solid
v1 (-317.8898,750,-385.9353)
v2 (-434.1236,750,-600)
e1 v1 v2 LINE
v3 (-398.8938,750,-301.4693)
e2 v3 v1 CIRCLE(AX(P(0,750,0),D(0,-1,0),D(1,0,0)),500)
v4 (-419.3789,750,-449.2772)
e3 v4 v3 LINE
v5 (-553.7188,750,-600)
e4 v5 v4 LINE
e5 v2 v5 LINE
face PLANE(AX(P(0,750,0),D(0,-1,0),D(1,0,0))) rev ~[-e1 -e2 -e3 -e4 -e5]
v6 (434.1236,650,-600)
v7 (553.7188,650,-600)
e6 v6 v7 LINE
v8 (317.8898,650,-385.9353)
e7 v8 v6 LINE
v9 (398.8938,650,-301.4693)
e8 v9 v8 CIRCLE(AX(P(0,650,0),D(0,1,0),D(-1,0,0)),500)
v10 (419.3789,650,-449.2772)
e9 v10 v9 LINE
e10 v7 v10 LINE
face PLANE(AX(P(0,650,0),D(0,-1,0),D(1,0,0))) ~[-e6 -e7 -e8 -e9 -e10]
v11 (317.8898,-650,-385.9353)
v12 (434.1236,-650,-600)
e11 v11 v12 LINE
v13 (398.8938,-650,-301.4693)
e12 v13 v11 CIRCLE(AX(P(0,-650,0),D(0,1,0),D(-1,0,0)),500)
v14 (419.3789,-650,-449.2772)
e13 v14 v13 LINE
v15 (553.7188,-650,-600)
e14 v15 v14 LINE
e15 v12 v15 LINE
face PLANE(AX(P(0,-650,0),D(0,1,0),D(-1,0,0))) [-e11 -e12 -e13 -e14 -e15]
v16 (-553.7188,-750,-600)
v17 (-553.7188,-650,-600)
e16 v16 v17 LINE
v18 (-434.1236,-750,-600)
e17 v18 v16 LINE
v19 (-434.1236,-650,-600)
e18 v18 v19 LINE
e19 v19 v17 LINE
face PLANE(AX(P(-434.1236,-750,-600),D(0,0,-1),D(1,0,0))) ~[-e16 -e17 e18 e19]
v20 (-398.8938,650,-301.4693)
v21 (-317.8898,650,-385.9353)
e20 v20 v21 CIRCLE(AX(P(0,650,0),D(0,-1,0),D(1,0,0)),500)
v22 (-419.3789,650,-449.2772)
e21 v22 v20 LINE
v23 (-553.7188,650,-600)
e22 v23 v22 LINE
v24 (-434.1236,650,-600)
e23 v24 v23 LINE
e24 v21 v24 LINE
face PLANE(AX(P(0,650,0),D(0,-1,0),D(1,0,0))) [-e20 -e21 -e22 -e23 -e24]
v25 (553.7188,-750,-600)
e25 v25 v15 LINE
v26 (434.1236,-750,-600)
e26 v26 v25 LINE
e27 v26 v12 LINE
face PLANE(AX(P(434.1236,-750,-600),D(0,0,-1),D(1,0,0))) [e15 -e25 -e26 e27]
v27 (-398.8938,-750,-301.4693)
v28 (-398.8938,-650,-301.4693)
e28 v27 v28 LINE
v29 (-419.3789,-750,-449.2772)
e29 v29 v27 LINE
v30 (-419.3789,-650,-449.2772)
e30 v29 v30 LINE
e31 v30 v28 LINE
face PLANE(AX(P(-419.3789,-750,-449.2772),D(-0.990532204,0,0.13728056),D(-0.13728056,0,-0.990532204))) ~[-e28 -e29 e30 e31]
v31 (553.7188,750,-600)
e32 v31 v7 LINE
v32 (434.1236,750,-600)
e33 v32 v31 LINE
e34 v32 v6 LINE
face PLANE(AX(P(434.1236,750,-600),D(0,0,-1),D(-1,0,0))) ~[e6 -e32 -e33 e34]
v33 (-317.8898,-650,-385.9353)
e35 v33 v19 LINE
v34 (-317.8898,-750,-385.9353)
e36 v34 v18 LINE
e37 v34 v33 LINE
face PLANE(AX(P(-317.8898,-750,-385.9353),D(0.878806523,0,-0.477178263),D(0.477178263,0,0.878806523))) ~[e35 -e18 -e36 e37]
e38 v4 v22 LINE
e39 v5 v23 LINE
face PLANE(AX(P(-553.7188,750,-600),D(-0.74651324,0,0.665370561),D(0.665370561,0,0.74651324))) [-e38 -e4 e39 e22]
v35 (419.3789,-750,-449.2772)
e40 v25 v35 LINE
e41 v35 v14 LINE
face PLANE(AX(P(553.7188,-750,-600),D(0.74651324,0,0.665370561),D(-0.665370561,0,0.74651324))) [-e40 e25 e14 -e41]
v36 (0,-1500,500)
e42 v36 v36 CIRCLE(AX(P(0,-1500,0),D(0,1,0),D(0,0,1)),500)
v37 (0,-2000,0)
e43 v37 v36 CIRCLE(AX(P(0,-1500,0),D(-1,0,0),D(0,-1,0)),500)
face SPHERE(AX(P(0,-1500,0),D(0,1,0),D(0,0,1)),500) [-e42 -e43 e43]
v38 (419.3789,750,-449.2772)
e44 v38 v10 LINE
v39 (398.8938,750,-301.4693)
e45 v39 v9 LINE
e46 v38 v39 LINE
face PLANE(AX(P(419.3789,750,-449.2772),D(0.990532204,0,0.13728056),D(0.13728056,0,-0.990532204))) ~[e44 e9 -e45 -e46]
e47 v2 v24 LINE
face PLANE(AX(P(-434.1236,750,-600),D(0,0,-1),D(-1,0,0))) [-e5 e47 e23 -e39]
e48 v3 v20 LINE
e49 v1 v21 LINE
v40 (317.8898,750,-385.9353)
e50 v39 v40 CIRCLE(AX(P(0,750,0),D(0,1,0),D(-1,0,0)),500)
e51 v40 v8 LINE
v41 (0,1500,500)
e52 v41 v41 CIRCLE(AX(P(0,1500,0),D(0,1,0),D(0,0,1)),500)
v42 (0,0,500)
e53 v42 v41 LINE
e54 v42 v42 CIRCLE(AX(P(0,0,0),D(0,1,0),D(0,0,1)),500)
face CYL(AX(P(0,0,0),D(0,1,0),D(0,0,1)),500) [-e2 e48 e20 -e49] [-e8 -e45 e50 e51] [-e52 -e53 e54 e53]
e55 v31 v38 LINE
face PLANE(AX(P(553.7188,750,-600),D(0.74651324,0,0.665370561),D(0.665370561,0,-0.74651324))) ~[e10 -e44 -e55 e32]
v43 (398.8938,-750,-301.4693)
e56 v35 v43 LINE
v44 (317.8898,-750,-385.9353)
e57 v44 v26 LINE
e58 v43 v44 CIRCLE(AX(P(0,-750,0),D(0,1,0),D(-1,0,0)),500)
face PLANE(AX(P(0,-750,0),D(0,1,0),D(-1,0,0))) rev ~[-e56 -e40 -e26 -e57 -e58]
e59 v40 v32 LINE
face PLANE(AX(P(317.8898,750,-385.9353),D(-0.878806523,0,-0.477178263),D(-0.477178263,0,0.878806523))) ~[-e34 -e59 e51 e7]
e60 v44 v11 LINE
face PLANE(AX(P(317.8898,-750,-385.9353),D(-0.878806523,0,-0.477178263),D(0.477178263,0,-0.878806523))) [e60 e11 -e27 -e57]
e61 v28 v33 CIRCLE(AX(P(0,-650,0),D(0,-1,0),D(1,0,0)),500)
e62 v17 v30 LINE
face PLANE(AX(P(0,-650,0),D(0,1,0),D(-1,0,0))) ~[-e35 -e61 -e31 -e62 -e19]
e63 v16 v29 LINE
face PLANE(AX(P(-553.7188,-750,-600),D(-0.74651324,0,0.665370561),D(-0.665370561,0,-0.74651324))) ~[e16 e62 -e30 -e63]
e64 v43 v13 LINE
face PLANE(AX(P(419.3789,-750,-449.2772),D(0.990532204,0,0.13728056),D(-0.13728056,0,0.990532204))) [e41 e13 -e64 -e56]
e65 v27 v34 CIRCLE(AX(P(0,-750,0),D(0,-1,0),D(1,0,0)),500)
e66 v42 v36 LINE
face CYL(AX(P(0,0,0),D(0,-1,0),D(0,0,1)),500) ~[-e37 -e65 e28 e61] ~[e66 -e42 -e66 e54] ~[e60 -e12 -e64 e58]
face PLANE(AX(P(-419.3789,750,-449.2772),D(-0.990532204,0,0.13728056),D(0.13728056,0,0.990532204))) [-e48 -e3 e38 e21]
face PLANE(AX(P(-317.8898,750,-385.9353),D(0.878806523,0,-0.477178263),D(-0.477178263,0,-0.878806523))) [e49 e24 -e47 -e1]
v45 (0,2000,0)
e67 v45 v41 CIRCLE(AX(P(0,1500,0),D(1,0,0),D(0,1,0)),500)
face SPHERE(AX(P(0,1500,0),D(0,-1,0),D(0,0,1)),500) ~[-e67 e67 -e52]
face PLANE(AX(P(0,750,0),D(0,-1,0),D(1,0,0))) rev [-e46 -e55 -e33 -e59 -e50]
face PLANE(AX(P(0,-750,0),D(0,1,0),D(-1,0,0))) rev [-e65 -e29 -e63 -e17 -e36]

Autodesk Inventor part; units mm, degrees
ref_plane "YZ Plane" through (0, 0, 0) normal (1, 0, 0) x (0, 1, 0)
ref_plane "XY Plane" through (0, 0, 0) normal (0, 0, 1) x (1, 0, 0)
sketch "Skizze3" plane through (0, 0, 0) normal (1, 0, 0) x (0, 1, 0)
  line L0 (0, 0) -> (2000, 0) construction
  line L1 (0, 0) -> (0, 500)
  line L2 (0, 500) -> (1500, 500)
  line L3 (-420.7107, 0) -> (2524.2641, 0) projected
  line L4 (0, -120.7107) -> (0, 724.2641) projected
  arc A0 (2000, 0) -> (1500, 500) centre (1500, 0) ccw
  line L5 (0, 0) -> (2000, 0)
  dimension "d6" = 1500
  dimension "d7" = 500
revolve "Umdrehung1" add sketch "Skizze3" angle 360 about axis through (0, 0, 0) along (0, 1, 0)
mirror "Spiegeln1" about plane through (0, 0, 500) normal (0, -1, 0) of "Umdrehung1"
ref_plane "Arbeitsebene1" through (0, -750, 0) normal (0, 1, 0) x (-1, 0, 0)
sketch "Skizze4" plane through (0, -750, 0) normal (0, 1, 0) x (-1, 0, 0)
  circle A0 centre (0, 0) radius 500 projected
  circle A1 centre (0, 0) radius 500 projected
  line L0 (-317.8898, -385.9353) -> (-434.1236, -600)
  line L1 (-434.1236, -600) -> (-553.7188, -600)
  line L2 (-553.7188, -600) -> (-419.3789, -449.2772)
  line L3 (-419.3789, -449.2772) -> (-398.8938, -301.4693)
  dimension "d9" = 600
extrude "Extrusion2" add sketch "Skizze4" along normal blind 100 contours A0 L0 L1 L2 L3
mirror "Spiegeln2" about plane through (0, 0, 0) normal (1, 0, 0) of "Extrusion2"
mirror "Spiegeln3" about plane through (0, 0, 0) normal (0, 1, 0) of "Extrusion2", "Spiegeln2"
properties part number "Gascontainer"
